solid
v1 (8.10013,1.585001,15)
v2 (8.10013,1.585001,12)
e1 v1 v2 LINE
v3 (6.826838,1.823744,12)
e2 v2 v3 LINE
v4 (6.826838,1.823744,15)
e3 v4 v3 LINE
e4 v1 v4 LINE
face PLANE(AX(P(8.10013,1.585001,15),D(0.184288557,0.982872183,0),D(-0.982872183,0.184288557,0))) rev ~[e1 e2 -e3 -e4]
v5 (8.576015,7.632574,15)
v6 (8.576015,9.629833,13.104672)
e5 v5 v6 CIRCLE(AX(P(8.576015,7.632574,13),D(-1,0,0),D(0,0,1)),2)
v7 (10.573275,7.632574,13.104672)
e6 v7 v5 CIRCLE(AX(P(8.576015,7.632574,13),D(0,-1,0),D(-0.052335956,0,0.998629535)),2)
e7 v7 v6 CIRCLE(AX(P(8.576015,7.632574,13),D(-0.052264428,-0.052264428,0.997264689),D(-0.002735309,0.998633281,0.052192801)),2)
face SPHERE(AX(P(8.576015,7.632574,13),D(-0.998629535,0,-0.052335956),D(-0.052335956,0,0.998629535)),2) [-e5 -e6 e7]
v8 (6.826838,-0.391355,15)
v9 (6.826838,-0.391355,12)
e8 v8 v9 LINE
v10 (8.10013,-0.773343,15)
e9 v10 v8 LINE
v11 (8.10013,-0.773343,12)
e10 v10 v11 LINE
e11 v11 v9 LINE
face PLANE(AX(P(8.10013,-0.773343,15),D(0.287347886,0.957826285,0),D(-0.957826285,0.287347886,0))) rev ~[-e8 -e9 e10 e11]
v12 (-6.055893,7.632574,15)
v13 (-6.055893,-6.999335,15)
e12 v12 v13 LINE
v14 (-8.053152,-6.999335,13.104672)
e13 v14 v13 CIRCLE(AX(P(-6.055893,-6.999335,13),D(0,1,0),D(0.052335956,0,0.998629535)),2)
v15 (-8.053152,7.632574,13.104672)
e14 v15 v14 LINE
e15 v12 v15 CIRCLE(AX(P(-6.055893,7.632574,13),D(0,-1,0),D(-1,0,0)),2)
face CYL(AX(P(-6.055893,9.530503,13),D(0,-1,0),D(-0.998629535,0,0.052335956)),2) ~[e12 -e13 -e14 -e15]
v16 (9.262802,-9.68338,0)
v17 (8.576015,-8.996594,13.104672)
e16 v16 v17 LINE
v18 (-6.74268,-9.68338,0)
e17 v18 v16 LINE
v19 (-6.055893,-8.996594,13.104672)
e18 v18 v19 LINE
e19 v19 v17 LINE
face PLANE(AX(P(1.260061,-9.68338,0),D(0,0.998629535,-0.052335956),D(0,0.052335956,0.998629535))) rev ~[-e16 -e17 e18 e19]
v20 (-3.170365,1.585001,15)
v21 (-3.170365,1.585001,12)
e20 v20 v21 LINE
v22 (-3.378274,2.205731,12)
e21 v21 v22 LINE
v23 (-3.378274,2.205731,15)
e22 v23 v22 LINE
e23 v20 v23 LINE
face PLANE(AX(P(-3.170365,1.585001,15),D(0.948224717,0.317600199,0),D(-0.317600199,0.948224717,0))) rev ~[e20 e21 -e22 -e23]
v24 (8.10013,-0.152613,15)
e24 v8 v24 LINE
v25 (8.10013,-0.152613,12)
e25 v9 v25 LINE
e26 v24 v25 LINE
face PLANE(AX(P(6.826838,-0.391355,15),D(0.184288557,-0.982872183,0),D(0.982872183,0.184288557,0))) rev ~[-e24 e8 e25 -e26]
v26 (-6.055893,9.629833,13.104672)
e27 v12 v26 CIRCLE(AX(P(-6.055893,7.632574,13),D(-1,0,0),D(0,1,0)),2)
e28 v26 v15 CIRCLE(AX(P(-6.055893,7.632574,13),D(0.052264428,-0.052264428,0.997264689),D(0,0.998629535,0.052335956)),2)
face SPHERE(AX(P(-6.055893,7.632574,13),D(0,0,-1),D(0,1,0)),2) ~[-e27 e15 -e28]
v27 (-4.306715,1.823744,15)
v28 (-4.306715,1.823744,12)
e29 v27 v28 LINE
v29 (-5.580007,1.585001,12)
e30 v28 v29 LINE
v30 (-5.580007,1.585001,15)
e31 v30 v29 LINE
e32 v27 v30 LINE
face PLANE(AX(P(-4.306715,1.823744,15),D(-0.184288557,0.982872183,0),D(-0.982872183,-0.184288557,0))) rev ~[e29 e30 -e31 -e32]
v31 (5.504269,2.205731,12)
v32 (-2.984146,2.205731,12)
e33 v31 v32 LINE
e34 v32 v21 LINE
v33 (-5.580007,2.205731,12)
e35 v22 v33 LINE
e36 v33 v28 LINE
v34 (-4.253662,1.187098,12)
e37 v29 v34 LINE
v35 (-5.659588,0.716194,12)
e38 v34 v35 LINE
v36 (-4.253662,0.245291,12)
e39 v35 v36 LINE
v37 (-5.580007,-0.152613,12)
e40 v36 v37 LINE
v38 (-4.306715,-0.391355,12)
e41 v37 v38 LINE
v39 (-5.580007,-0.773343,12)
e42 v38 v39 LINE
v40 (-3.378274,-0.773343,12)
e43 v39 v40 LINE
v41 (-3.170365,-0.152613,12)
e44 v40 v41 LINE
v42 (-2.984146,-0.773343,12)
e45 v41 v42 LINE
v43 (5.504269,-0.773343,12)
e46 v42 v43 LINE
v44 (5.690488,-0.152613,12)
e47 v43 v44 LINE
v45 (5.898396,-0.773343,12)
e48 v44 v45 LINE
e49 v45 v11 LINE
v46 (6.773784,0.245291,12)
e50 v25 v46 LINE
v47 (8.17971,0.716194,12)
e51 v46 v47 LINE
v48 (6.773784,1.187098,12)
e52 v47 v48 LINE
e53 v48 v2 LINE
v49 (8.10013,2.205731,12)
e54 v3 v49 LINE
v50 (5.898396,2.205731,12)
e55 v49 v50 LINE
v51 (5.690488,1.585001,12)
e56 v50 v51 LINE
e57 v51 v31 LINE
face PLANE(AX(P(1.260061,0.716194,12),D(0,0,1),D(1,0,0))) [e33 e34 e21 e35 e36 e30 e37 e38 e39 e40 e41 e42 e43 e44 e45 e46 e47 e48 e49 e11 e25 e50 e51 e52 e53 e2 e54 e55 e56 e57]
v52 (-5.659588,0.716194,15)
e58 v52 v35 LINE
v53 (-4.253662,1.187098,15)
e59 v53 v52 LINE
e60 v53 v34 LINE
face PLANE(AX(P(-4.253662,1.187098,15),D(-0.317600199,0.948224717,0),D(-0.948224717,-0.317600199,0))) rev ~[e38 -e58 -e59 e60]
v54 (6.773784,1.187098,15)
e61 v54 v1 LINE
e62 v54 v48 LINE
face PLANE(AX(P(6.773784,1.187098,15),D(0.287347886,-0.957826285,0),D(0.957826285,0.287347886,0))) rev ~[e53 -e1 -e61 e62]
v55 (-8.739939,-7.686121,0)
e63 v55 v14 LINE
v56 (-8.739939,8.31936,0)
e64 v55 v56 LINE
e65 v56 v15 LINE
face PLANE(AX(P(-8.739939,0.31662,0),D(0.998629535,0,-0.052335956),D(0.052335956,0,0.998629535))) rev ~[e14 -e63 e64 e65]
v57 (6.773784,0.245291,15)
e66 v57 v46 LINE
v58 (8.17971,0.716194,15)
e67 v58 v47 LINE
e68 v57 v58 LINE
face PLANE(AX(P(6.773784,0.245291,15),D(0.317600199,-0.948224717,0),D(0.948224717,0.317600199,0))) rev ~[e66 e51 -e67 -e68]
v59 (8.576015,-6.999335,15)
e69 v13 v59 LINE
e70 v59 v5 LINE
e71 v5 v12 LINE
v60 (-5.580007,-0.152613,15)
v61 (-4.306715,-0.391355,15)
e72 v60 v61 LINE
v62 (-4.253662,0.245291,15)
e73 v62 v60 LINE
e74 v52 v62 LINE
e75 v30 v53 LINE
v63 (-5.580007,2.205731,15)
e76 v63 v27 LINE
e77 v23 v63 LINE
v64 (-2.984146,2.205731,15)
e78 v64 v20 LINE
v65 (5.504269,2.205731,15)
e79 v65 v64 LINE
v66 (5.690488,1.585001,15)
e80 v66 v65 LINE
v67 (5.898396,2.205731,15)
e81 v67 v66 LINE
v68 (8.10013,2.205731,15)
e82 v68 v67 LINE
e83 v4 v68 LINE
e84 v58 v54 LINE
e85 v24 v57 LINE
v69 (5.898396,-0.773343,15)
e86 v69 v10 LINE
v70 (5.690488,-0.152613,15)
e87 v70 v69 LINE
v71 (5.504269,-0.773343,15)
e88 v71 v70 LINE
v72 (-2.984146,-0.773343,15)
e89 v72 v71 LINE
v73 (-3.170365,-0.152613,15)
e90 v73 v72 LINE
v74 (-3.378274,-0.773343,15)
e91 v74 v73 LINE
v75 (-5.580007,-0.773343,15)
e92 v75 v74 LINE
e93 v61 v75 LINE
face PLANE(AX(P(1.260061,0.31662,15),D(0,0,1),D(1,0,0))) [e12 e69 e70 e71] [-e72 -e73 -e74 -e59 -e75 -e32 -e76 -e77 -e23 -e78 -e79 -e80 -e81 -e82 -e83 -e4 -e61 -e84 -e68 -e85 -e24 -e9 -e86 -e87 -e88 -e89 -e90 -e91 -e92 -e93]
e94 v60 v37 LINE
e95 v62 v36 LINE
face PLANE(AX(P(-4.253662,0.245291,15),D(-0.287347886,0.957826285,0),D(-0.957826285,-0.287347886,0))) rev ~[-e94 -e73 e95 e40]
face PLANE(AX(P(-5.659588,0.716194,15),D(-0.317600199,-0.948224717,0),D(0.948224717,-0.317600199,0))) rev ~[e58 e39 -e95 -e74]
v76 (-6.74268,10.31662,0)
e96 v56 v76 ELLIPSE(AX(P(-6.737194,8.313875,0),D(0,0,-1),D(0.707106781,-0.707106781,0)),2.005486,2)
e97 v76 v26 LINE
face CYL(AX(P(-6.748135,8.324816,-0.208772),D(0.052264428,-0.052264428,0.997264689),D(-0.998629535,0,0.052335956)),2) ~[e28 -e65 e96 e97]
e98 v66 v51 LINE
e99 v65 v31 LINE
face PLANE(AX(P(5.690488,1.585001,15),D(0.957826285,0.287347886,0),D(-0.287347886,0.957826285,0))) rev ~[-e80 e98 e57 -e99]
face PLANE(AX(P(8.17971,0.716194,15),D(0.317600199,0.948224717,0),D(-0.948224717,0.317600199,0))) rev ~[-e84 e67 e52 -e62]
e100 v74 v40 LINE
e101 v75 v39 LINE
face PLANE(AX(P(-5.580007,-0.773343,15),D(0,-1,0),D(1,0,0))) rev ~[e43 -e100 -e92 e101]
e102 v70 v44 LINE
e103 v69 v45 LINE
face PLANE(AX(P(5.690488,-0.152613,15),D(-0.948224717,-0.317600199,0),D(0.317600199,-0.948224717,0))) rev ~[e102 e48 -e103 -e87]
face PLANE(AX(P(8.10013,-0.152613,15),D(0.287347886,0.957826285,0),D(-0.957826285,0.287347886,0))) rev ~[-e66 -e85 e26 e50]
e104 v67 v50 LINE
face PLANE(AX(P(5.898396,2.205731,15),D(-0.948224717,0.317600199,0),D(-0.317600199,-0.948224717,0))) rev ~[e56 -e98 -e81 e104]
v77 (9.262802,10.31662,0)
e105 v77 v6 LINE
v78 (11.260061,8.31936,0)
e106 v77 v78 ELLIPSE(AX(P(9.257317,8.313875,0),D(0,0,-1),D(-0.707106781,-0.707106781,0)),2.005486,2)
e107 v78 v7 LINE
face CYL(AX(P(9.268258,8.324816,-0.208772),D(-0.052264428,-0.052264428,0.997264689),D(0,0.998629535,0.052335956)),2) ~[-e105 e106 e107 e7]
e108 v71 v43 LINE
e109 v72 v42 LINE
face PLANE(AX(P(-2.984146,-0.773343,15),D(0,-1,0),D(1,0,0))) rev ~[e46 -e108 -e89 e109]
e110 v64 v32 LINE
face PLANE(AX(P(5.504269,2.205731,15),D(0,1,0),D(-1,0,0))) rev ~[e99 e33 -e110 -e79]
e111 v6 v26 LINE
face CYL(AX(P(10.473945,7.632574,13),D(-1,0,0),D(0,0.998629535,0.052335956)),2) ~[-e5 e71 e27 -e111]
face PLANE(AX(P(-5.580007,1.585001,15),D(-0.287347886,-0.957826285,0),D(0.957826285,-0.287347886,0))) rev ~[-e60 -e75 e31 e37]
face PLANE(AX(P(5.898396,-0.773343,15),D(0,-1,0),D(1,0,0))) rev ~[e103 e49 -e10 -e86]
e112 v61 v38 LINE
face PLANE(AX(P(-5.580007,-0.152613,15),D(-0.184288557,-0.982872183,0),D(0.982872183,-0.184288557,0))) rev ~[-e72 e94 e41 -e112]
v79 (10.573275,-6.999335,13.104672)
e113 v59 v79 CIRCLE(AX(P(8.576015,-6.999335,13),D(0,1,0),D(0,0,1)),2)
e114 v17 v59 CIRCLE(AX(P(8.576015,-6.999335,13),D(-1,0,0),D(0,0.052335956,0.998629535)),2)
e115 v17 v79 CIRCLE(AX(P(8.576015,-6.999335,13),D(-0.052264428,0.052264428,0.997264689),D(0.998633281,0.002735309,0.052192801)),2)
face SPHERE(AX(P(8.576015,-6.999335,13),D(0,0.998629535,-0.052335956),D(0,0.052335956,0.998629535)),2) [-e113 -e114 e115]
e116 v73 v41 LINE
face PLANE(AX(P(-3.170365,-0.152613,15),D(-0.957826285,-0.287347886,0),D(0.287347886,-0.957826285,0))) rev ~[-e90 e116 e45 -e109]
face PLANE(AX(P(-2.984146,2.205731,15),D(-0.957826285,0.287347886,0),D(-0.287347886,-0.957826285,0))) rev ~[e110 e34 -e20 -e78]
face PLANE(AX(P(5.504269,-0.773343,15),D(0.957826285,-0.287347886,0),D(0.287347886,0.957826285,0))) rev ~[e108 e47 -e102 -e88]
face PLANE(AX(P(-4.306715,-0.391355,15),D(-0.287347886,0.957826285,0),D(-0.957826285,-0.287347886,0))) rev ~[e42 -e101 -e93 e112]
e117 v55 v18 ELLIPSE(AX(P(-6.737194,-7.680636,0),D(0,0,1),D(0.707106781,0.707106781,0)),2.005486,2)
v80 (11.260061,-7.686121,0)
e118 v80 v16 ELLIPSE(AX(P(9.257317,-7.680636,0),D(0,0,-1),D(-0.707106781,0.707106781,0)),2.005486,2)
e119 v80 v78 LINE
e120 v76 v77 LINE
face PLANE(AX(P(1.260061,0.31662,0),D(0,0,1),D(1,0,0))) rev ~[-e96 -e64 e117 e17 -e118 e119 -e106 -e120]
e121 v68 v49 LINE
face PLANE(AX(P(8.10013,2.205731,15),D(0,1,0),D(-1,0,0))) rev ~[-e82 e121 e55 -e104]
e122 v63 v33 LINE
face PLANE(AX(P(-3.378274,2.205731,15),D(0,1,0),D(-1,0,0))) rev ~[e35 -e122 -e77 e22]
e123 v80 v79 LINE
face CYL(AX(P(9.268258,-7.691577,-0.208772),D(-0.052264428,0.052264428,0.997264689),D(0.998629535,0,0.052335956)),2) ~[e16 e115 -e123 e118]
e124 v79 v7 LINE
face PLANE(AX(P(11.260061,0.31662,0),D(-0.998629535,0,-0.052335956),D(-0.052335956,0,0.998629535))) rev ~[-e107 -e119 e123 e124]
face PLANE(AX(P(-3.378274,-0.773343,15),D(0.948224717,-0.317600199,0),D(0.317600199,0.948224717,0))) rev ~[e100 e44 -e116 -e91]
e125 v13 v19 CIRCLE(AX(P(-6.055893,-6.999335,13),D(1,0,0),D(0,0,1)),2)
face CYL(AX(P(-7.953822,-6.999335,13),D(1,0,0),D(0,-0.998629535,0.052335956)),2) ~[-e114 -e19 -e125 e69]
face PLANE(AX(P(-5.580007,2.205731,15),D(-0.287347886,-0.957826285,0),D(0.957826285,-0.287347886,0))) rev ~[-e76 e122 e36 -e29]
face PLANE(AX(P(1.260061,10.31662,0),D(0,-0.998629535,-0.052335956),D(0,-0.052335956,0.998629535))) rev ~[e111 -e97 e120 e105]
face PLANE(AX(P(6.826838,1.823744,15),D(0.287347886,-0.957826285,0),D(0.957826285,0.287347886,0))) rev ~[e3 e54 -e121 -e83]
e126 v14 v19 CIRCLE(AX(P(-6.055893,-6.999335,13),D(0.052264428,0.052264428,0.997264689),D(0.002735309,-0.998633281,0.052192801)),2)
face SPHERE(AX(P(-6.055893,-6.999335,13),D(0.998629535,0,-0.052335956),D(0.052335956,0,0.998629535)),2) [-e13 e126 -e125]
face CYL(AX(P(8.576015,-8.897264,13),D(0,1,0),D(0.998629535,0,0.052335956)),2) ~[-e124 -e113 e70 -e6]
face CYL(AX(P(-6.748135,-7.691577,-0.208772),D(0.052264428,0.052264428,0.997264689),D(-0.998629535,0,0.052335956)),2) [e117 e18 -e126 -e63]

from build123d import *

# Parameters (mm, degrees)
F0_W     = 20
F0_H     = 20
F1_DEPTH = 15
F1_TAPER = 3
F2_R     = 2
F4_DEPTH = 3


with BuildPart() as f1:
    # F0 (on Top) → F1 (new body)
    with BuildSketch(Plane.XY):
        with Locations((1.2600612827, 0.3166195687)):
            Rectangle(F0_W, F0_H)
    extrude(amount=F1_DEPTH, taper=F1_TAPER)

    # F2
    f2_edges = [f1.edges().sort_by_distance(p)[0] for p in [
        (-8.34688, 9.923561, 7.5),
        (1.260061, 9.530503, 15),
        (10.473945, 0.31662, 15),
        (1.260061, -8.897264, 15),
        (-7.953822, 0.31662, 15),
        (10.867002, 9.923561, 7.500009),
        (10.867003, -9.290322, 7.5),
        (-8.34688, -9.290322, 7.5),
    ]]
    fillet(f2_edges, radius=F2_R)

    # F3 (on face) → F4 (cut)
    with BuildSketch(Plane.XY.offset(15)):
        Polygon((-4.2536617257, 1.1870977469), (-5.6595876813, 0.7161942194), (-4.2536617257, 0.245290692), (-5.5800070986, -0.1526129199), (-4.3067154475, -0.3913551336), (-5.5800070986, -0.773342629), (-3.3782736864, -0.773342629), (-3.1703652909, -0.1526129199), (-2.9841463782, -0.773342629), (1.2600612827, -0.773342629), (5.5042689435, -0.773342629), (5.6904878563, -0.1526129199), (5.8983962517, -0.773342629), (8.1001296639, -0.773342629), (6.8268380128, -0.3913551336), (8.1001296639, -0.1526129199), (6.773784291, 0.245290692), (8.1797102466, 0.7161942194), (6.773784291, 1.1870977469), (8.1001296639, 1.5850013588), (6.8268380128, 1.8237435725), (8.1001296639, 2.2057310678), (5.8983962517, 2.2057310678), (5.6904878563, 1.5850013588), (5.5042689435, 2.2057310678), (1.2600612827, 2.2057310678), (-2.9841463782, 2.2057310678), (-3.1703652909, 1.5850013588), (-3.3782736864, 2.2057310678), (-5.5800070986, 2.2057310678), (-4.3067154475, 1.8237435725), (-5.5800070986, 1.5850013588), align=None)
    extrude(amount=-F4_DEPTH, mode=Mode.SUBTRACT)


solid = f1.part
